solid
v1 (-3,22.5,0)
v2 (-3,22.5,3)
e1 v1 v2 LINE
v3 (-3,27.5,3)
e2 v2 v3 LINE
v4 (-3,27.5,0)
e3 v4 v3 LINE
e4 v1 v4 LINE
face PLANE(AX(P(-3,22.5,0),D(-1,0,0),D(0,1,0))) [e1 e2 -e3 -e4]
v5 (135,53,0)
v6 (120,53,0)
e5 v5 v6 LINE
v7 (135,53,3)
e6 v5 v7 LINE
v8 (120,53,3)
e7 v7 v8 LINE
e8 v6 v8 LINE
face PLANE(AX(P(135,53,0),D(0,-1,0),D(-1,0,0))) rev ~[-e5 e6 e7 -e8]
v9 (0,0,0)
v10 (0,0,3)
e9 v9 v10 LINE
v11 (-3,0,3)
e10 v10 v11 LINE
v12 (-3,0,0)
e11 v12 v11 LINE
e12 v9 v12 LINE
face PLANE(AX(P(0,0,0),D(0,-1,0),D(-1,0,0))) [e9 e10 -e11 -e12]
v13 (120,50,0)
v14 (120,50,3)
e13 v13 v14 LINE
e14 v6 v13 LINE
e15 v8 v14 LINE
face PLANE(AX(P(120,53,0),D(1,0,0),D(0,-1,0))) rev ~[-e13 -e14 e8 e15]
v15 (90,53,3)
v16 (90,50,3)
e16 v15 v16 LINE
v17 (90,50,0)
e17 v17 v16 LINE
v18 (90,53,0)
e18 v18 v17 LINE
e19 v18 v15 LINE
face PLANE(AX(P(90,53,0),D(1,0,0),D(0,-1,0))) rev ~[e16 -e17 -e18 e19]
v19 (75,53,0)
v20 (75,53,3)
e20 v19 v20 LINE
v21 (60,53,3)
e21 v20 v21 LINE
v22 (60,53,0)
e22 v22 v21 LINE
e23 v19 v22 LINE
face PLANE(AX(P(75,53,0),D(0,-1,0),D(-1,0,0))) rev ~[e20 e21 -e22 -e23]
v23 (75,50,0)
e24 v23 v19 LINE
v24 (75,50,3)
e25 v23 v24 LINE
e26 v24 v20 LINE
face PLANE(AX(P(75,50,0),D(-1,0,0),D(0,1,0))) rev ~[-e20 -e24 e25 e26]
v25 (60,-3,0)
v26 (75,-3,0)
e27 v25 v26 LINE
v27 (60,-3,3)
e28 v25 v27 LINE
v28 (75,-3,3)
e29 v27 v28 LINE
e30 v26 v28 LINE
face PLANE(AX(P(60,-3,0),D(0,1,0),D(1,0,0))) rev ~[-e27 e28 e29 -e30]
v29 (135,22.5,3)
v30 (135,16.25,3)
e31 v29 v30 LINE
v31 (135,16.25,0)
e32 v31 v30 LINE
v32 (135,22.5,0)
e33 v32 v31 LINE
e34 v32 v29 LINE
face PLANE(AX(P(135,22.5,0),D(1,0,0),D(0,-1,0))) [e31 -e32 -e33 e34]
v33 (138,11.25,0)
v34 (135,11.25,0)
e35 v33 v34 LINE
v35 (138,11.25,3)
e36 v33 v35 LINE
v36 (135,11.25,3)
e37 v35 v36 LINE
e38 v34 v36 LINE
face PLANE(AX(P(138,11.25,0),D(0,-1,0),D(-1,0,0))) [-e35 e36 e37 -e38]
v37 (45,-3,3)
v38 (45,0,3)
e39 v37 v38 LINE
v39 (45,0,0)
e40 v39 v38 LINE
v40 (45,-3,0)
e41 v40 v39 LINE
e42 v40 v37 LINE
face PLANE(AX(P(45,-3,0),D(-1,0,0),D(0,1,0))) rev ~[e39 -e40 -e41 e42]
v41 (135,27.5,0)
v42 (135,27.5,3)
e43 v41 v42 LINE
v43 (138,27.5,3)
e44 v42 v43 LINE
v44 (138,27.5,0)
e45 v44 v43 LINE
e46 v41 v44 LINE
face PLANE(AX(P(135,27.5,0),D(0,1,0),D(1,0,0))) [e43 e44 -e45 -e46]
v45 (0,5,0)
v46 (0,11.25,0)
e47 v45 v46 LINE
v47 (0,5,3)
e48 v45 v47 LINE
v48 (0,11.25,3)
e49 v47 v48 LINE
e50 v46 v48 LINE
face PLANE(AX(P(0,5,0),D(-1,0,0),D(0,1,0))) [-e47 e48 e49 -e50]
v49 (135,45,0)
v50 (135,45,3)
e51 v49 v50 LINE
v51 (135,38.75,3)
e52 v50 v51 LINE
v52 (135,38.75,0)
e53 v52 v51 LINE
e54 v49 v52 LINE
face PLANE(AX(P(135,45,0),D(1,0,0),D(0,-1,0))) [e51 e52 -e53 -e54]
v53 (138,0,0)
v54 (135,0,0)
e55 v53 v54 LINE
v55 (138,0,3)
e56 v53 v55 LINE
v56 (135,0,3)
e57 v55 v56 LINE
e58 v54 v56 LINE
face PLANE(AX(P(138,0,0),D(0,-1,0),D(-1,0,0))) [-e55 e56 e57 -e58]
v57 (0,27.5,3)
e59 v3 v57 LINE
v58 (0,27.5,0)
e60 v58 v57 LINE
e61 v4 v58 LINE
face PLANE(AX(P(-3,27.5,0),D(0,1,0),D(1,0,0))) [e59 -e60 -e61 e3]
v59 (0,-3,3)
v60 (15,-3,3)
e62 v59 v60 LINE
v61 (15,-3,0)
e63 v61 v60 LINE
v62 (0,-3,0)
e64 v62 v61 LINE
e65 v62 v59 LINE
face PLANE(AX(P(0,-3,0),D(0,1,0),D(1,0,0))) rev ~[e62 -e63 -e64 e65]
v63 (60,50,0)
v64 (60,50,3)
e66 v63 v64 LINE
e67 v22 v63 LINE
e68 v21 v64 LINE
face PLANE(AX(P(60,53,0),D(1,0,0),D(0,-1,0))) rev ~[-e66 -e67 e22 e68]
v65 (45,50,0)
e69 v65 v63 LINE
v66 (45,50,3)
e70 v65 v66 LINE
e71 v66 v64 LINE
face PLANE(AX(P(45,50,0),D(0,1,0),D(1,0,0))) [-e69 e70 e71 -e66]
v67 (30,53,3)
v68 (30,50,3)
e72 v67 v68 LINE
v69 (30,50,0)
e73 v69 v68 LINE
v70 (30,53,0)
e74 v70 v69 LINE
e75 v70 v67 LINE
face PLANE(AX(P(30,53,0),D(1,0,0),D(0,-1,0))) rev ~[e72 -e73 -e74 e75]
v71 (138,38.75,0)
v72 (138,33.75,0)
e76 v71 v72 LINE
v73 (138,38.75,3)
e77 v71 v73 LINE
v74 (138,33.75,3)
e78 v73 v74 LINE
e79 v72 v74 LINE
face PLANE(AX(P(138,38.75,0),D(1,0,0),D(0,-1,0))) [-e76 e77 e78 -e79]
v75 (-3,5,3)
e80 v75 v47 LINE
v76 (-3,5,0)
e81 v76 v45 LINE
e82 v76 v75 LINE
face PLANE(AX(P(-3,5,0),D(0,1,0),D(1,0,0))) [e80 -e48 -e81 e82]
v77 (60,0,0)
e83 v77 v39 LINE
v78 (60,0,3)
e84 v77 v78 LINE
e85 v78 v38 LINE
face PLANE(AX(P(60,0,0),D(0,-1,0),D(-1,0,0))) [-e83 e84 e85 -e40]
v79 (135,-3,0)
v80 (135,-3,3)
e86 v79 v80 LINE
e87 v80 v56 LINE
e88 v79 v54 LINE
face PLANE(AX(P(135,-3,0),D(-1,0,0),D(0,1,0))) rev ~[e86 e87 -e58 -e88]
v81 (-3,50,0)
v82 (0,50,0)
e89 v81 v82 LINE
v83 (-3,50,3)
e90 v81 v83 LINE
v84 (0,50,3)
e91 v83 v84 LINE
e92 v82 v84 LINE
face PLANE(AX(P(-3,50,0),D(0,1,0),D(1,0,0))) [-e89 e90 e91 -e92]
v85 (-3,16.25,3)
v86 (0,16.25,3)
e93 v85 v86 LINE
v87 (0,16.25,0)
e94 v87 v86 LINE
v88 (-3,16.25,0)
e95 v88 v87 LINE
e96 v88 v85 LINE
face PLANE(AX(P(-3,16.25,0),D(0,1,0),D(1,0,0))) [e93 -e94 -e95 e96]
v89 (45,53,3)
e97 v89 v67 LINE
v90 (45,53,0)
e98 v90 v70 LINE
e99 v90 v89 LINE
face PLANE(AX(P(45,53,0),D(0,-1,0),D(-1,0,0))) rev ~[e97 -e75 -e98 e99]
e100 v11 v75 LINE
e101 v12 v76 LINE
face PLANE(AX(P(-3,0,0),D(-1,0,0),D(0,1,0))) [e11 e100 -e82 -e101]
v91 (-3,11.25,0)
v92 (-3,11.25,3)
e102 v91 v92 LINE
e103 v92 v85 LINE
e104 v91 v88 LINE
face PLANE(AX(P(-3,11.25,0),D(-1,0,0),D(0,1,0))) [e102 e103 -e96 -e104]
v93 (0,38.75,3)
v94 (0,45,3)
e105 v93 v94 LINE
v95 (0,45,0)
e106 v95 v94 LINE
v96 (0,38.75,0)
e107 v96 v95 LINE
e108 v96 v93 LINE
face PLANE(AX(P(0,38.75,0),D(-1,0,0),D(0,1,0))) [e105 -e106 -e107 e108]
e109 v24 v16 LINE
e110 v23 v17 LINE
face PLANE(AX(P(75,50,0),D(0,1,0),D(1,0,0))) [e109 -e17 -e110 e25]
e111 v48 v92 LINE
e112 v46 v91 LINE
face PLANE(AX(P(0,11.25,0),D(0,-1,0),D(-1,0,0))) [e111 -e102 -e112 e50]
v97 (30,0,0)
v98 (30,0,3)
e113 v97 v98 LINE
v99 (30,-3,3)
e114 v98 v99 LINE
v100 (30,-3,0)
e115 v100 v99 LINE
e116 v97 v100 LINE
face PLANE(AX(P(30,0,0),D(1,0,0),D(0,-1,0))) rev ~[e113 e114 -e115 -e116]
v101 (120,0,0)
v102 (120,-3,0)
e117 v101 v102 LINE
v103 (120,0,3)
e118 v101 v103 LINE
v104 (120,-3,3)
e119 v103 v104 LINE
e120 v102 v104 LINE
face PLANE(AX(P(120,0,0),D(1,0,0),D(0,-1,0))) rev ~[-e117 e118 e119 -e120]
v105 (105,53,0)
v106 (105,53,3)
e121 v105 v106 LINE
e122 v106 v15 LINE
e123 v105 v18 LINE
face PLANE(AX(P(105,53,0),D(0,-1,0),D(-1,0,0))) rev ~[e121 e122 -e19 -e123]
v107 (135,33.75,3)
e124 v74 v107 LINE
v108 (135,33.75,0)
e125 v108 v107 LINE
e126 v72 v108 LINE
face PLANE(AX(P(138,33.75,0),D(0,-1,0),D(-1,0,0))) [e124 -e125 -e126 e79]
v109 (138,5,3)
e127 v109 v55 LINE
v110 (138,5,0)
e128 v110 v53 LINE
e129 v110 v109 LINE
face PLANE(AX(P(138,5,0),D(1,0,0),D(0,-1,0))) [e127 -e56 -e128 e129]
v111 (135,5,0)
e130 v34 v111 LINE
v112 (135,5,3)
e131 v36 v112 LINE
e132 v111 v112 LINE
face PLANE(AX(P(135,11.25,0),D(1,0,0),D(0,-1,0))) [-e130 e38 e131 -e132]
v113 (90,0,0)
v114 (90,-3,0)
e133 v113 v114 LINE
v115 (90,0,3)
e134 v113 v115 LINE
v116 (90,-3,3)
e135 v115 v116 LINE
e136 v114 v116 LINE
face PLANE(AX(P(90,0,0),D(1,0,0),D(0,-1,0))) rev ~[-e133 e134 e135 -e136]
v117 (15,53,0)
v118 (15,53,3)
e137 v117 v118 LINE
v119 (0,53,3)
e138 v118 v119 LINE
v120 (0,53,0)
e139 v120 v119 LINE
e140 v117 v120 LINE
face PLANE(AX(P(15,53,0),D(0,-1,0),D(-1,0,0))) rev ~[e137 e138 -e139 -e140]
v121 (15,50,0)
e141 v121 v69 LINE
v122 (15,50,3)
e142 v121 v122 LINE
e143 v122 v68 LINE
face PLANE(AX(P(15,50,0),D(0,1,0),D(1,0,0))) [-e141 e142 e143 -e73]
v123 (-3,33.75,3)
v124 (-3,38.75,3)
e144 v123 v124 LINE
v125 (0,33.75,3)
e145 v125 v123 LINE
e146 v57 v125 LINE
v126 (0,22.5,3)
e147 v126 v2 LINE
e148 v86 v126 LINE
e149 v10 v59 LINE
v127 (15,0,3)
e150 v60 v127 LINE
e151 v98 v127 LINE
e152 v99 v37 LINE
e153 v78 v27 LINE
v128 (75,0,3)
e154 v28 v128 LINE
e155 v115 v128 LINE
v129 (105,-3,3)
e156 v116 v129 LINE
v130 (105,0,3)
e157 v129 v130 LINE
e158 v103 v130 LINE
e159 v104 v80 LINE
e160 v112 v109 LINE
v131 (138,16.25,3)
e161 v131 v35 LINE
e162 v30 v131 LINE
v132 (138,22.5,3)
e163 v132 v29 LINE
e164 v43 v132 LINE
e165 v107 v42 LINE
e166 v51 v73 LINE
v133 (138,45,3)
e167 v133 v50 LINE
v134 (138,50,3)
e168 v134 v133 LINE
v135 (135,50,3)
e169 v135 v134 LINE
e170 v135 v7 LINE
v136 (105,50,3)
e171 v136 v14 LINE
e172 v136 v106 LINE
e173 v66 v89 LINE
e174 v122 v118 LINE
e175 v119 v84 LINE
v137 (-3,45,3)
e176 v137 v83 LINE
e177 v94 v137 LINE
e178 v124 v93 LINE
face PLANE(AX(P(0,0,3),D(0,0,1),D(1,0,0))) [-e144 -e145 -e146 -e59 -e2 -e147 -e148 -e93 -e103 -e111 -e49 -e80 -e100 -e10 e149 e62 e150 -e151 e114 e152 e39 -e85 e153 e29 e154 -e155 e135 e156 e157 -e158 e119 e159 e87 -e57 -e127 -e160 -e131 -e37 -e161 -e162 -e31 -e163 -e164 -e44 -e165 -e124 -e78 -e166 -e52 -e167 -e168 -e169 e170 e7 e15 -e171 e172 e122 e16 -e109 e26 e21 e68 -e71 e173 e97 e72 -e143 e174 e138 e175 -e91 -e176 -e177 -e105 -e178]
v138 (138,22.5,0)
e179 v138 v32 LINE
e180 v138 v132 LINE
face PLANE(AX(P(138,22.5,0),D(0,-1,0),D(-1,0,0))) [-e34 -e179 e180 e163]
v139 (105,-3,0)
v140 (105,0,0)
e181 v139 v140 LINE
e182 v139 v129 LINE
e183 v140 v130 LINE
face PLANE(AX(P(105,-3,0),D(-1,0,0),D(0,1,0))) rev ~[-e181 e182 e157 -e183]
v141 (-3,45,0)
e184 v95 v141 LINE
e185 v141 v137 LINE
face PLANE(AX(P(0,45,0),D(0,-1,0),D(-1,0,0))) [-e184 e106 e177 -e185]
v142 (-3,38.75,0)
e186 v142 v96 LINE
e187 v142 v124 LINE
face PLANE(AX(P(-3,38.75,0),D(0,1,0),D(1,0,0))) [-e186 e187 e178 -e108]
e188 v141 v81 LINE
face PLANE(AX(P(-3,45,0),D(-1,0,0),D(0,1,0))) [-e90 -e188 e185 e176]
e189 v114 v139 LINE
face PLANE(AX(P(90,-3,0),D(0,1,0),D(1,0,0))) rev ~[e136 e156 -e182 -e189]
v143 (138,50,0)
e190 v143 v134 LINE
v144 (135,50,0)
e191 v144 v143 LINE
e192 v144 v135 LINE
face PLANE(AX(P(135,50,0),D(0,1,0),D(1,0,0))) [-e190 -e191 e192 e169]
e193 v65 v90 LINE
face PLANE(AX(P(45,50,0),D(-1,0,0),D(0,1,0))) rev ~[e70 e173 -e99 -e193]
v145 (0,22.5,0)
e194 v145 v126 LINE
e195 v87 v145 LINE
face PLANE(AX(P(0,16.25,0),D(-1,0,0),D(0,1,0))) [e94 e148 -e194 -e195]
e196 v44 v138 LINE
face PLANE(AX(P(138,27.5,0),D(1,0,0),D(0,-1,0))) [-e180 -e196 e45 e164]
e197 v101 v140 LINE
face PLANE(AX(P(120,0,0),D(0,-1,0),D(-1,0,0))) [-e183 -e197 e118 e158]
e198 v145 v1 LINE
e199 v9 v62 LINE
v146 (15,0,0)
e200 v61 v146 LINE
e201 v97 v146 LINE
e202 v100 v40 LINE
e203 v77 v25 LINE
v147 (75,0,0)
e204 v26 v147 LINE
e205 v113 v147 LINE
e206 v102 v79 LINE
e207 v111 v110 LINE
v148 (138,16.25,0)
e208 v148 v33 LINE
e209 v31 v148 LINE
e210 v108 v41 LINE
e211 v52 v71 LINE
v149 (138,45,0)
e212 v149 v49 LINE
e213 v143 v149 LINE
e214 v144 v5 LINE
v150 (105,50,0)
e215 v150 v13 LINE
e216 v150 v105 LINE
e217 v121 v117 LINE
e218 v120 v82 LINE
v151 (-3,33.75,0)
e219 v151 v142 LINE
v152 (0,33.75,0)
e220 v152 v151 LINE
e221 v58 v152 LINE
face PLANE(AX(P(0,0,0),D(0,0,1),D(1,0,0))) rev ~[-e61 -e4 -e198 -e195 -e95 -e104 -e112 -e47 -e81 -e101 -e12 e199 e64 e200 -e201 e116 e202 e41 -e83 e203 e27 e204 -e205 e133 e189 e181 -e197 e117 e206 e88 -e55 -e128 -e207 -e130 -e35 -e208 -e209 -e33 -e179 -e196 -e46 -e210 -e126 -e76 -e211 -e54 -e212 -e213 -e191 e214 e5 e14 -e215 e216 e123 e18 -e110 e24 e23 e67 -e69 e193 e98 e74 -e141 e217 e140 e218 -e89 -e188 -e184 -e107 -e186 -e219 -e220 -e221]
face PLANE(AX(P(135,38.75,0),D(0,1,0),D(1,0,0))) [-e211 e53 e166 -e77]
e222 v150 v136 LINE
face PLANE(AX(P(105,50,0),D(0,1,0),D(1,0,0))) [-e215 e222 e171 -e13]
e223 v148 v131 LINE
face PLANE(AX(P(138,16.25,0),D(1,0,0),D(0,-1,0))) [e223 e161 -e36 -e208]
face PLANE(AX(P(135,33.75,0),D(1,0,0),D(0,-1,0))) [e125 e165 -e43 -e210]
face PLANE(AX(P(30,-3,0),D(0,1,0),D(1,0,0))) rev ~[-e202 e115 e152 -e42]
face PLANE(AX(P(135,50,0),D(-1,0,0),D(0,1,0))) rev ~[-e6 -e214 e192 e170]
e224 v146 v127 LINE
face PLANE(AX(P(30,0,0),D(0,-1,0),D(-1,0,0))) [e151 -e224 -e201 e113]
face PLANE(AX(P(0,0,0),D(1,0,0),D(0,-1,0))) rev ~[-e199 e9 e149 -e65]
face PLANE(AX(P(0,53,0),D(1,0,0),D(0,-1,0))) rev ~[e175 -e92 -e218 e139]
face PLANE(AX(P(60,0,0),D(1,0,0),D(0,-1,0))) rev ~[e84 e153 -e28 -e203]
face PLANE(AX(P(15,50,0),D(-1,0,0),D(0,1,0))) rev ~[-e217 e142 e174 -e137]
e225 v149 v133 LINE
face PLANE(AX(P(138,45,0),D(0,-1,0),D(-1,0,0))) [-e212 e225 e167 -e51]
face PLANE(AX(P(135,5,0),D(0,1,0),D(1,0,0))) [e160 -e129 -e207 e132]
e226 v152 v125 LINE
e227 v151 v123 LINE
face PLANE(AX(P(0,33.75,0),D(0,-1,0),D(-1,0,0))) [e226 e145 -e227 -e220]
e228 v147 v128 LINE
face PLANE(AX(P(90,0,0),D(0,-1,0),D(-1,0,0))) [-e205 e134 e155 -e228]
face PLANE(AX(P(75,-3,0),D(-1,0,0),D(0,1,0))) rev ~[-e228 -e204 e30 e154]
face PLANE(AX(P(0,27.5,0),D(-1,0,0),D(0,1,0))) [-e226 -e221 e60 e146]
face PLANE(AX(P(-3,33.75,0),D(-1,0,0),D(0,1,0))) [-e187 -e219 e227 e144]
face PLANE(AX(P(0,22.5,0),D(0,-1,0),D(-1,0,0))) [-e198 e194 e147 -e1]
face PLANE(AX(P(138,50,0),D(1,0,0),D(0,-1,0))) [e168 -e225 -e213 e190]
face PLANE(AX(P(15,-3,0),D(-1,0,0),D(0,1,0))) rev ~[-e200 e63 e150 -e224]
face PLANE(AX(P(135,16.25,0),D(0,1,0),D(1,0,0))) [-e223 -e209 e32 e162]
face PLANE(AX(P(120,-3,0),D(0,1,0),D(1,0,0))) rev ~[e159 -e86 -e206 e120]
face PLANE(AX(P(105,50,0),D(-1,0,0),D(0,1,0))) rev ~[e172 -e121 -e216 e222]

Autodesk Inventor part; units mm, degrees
ref_plane "YZ Plane" through (0, 0, 0) normal (1, 0, 0) x (0, 1, 0)
ref_plane "XZ Plane" through (0, 0, 0) normal (0, 1, 0) x (-1, 0, 0)
ref_plane "XY Plane" through (0, 0, 0) normal (0, 0, 1) x (1, 0, 0)
sketch "Sketch1" plane through (0, 0, 0) normal (0, 0, 1) x (1, 0, 0)
  line L0 (0, 50) -> (135, 50)
  line L1 (135, 50) -> (135, 0)
  line L2 (135, 0) -> (0, 0)
  line L3 (0, 0) -> (0, 50)
  line L4 (-3, 50) -> (0, 50)
  line L5 (0, 50) -> (0, 45)
  line L6 (0, 45) -> (-3, 45)
  line L7 (-3, 45) -> (-3, 50)
  line L8 (-3, 38.75) -> (0, 38.75)
  line L9 (0, 38.75) -> (0, 33.75)
  line L10 (0, 33.75) -> (-3, 33.75)
  line L11 (-3, 33.75) -> (-3, 38.75)
  line L12 (-3, 27.5) -> (0, 27.5)
  line L13 (0, 27.5) -> (0, 22.5)
  line L14 (0, 22.5) -> (-3, 22.5)
  line L15 (-3, 22.5) -> (-3, 27.5)
  line L16 (135, 50) -> (138, 50)
  line L17 (138, 50) -> (138, 45)
  line L18 (138, 45) -> (135, 45)
  line L19 (135, 45) -> (135, 50)
  line L20 (135, 38.75) -> (138, 38.75)
  line L21 (138, 38.75) -> (138, 33.75)
  line L22 (138, 33.75) -> (135, 33.75)
  line L23 (135, 33.75) -> (135, 38.75)
  line L24 (135, 27.5) -> (138, 27.5)
  line L25 (138, 27.5) -> (138, 22.5)
  line L26 (138, 22.5) -> (135, 22.5)
  line L27 (135, 22.5) -> (135, 27.5)
  line L28 (0, 50) -> (15, 50)
  line L29 (15, 50) -> (15, 53)
  line L30 (15, 53) -> (0, 53)
  line L31 (0, 53) -> (0, 50)
  line L32 (30, 53) -> (30, 50)
  line L33 (30, 50) -> (45, 50)
  line L34 (45, 53) -> (30, 53)
  line L35 (45, 50) -> (45, 53)
  line L36 (60, 53) -> (60, 50)
  line L37 (60, 50) -> (75, 50)
  line L38 (75, 53) -> (60, 53)
  line L39 (75, 50) -> (75, 53)
  line L40 (90, 53) -> (90, 50)
  line L41 (90, 50) -> (105, 50)
  line L42 (105, 53) -> (90, 53)
  line L43 (105, 50) -> (105, 53)
  line L44 (120, 53) -> (120, 50)
  line L45 (120, 50) -> (135, 50)
  line L46 (135, 53) -> (120, 53)
  line L47 (135, 50) -> (135, 53)
  line L48 (0, 0) -> (0, -3)
  line L49 (0, -3) -> (15, -3)
  line L50 (15, 0) -> (0, 0)
  line L51 (15, -3) -> (15, 0)
  line L52 (30, 0) -> (30, -3)
  line L53 (30, -3) -> (45, -3)
  line L54 (45, 0) -> (30, 0)
  line L55 (45, -3) -> (45, 0)
  line L56 (60, 0) -> (60, -3)
  line L57 (60, -3) -> (75, -3)
  line L58 (75, 0) -> (60, 0)
  line L59 (75, -3) -> (75, 0)
  line L60 (90, 0) -> (90, -3)
  line L61 (90, -3) -> (105, -3)
  line L62 (105, 0) -> (90, 0)
  line L63 (105, -3) -> (105, 0)
  line L64 (120, 0) -> (120, -3)
  line L65 (120, -3) -> (135, -3)
  line L66 (135, 0) -> (120, 0)
  line L67 (135, -3) -> (135, 0)
  line L68 (-3, 16.25) -> (0, 16.25)
  line L69 (0, 16.25) -> (0, 11.25)
  line L70 (0, 11.25) -> (-3, 11.25)
  line L71 (-3, 11.25) -> (-3, 16.25)
  line L72 (135, 16.25) -> (138, 16.25)
  line L73 (138, 16.25) -> (138, 11.25)
  line L74 (138, 11.25) -> (135, 11.25)
  line L75 (135, 11.25) -> (135, 16.25)
  line L76 (-3, 5) -> (0, 5)
  line L77 (0, 5) -> (0, 0)
  line L78 (0, 0) -> (-3, 0)
  line L79 (-3, 0) -> (-3, 5)
  line L80 (135, 5) -> (138, 5)
  line L81 (138, 5) -> (138, 0)
  line L82 (138, 0) -> (135, 0)
  line L83 (135, 0) -> (135, 5)
  point P0 (15, 0)
  point P1 (30, 0)
  point P2 (45, 0)
  point P3 (60, 0)
  point P4 (90, 0)
  point P5 (105, 0)
  point P6 (120, 0)
  point P7 (135, 15)
  point P8 (0, 45)
  point P9 (0, 33.75)
  point P10 (0, 15)
  point P11 (135, 7)
  point P12 (0, 22.5)
  point P13 (0, 0)
  point P14 (0, 7)
  point P15 (135, 16.25)
  point P16 (135, 11.25)
  point P17 (135, 0)
  point P18 (0, 11.25)
  point P19 (135, 0)
  dimension "d0" = 50
  dimension "d1" = 135
  dimension "d2" = 3
  dimension "d3" = 5
  dimension "d6" = 11.25
  dimension "d9" = 138
  dimension "d12" = 3
  dimension "d13" = 15
  dimension "d16" = 30
  dimension "d19" = 53
extrude "Extrusion1" add sketch "Sketch1" along normal blind 3
properties part number "paredBase"
